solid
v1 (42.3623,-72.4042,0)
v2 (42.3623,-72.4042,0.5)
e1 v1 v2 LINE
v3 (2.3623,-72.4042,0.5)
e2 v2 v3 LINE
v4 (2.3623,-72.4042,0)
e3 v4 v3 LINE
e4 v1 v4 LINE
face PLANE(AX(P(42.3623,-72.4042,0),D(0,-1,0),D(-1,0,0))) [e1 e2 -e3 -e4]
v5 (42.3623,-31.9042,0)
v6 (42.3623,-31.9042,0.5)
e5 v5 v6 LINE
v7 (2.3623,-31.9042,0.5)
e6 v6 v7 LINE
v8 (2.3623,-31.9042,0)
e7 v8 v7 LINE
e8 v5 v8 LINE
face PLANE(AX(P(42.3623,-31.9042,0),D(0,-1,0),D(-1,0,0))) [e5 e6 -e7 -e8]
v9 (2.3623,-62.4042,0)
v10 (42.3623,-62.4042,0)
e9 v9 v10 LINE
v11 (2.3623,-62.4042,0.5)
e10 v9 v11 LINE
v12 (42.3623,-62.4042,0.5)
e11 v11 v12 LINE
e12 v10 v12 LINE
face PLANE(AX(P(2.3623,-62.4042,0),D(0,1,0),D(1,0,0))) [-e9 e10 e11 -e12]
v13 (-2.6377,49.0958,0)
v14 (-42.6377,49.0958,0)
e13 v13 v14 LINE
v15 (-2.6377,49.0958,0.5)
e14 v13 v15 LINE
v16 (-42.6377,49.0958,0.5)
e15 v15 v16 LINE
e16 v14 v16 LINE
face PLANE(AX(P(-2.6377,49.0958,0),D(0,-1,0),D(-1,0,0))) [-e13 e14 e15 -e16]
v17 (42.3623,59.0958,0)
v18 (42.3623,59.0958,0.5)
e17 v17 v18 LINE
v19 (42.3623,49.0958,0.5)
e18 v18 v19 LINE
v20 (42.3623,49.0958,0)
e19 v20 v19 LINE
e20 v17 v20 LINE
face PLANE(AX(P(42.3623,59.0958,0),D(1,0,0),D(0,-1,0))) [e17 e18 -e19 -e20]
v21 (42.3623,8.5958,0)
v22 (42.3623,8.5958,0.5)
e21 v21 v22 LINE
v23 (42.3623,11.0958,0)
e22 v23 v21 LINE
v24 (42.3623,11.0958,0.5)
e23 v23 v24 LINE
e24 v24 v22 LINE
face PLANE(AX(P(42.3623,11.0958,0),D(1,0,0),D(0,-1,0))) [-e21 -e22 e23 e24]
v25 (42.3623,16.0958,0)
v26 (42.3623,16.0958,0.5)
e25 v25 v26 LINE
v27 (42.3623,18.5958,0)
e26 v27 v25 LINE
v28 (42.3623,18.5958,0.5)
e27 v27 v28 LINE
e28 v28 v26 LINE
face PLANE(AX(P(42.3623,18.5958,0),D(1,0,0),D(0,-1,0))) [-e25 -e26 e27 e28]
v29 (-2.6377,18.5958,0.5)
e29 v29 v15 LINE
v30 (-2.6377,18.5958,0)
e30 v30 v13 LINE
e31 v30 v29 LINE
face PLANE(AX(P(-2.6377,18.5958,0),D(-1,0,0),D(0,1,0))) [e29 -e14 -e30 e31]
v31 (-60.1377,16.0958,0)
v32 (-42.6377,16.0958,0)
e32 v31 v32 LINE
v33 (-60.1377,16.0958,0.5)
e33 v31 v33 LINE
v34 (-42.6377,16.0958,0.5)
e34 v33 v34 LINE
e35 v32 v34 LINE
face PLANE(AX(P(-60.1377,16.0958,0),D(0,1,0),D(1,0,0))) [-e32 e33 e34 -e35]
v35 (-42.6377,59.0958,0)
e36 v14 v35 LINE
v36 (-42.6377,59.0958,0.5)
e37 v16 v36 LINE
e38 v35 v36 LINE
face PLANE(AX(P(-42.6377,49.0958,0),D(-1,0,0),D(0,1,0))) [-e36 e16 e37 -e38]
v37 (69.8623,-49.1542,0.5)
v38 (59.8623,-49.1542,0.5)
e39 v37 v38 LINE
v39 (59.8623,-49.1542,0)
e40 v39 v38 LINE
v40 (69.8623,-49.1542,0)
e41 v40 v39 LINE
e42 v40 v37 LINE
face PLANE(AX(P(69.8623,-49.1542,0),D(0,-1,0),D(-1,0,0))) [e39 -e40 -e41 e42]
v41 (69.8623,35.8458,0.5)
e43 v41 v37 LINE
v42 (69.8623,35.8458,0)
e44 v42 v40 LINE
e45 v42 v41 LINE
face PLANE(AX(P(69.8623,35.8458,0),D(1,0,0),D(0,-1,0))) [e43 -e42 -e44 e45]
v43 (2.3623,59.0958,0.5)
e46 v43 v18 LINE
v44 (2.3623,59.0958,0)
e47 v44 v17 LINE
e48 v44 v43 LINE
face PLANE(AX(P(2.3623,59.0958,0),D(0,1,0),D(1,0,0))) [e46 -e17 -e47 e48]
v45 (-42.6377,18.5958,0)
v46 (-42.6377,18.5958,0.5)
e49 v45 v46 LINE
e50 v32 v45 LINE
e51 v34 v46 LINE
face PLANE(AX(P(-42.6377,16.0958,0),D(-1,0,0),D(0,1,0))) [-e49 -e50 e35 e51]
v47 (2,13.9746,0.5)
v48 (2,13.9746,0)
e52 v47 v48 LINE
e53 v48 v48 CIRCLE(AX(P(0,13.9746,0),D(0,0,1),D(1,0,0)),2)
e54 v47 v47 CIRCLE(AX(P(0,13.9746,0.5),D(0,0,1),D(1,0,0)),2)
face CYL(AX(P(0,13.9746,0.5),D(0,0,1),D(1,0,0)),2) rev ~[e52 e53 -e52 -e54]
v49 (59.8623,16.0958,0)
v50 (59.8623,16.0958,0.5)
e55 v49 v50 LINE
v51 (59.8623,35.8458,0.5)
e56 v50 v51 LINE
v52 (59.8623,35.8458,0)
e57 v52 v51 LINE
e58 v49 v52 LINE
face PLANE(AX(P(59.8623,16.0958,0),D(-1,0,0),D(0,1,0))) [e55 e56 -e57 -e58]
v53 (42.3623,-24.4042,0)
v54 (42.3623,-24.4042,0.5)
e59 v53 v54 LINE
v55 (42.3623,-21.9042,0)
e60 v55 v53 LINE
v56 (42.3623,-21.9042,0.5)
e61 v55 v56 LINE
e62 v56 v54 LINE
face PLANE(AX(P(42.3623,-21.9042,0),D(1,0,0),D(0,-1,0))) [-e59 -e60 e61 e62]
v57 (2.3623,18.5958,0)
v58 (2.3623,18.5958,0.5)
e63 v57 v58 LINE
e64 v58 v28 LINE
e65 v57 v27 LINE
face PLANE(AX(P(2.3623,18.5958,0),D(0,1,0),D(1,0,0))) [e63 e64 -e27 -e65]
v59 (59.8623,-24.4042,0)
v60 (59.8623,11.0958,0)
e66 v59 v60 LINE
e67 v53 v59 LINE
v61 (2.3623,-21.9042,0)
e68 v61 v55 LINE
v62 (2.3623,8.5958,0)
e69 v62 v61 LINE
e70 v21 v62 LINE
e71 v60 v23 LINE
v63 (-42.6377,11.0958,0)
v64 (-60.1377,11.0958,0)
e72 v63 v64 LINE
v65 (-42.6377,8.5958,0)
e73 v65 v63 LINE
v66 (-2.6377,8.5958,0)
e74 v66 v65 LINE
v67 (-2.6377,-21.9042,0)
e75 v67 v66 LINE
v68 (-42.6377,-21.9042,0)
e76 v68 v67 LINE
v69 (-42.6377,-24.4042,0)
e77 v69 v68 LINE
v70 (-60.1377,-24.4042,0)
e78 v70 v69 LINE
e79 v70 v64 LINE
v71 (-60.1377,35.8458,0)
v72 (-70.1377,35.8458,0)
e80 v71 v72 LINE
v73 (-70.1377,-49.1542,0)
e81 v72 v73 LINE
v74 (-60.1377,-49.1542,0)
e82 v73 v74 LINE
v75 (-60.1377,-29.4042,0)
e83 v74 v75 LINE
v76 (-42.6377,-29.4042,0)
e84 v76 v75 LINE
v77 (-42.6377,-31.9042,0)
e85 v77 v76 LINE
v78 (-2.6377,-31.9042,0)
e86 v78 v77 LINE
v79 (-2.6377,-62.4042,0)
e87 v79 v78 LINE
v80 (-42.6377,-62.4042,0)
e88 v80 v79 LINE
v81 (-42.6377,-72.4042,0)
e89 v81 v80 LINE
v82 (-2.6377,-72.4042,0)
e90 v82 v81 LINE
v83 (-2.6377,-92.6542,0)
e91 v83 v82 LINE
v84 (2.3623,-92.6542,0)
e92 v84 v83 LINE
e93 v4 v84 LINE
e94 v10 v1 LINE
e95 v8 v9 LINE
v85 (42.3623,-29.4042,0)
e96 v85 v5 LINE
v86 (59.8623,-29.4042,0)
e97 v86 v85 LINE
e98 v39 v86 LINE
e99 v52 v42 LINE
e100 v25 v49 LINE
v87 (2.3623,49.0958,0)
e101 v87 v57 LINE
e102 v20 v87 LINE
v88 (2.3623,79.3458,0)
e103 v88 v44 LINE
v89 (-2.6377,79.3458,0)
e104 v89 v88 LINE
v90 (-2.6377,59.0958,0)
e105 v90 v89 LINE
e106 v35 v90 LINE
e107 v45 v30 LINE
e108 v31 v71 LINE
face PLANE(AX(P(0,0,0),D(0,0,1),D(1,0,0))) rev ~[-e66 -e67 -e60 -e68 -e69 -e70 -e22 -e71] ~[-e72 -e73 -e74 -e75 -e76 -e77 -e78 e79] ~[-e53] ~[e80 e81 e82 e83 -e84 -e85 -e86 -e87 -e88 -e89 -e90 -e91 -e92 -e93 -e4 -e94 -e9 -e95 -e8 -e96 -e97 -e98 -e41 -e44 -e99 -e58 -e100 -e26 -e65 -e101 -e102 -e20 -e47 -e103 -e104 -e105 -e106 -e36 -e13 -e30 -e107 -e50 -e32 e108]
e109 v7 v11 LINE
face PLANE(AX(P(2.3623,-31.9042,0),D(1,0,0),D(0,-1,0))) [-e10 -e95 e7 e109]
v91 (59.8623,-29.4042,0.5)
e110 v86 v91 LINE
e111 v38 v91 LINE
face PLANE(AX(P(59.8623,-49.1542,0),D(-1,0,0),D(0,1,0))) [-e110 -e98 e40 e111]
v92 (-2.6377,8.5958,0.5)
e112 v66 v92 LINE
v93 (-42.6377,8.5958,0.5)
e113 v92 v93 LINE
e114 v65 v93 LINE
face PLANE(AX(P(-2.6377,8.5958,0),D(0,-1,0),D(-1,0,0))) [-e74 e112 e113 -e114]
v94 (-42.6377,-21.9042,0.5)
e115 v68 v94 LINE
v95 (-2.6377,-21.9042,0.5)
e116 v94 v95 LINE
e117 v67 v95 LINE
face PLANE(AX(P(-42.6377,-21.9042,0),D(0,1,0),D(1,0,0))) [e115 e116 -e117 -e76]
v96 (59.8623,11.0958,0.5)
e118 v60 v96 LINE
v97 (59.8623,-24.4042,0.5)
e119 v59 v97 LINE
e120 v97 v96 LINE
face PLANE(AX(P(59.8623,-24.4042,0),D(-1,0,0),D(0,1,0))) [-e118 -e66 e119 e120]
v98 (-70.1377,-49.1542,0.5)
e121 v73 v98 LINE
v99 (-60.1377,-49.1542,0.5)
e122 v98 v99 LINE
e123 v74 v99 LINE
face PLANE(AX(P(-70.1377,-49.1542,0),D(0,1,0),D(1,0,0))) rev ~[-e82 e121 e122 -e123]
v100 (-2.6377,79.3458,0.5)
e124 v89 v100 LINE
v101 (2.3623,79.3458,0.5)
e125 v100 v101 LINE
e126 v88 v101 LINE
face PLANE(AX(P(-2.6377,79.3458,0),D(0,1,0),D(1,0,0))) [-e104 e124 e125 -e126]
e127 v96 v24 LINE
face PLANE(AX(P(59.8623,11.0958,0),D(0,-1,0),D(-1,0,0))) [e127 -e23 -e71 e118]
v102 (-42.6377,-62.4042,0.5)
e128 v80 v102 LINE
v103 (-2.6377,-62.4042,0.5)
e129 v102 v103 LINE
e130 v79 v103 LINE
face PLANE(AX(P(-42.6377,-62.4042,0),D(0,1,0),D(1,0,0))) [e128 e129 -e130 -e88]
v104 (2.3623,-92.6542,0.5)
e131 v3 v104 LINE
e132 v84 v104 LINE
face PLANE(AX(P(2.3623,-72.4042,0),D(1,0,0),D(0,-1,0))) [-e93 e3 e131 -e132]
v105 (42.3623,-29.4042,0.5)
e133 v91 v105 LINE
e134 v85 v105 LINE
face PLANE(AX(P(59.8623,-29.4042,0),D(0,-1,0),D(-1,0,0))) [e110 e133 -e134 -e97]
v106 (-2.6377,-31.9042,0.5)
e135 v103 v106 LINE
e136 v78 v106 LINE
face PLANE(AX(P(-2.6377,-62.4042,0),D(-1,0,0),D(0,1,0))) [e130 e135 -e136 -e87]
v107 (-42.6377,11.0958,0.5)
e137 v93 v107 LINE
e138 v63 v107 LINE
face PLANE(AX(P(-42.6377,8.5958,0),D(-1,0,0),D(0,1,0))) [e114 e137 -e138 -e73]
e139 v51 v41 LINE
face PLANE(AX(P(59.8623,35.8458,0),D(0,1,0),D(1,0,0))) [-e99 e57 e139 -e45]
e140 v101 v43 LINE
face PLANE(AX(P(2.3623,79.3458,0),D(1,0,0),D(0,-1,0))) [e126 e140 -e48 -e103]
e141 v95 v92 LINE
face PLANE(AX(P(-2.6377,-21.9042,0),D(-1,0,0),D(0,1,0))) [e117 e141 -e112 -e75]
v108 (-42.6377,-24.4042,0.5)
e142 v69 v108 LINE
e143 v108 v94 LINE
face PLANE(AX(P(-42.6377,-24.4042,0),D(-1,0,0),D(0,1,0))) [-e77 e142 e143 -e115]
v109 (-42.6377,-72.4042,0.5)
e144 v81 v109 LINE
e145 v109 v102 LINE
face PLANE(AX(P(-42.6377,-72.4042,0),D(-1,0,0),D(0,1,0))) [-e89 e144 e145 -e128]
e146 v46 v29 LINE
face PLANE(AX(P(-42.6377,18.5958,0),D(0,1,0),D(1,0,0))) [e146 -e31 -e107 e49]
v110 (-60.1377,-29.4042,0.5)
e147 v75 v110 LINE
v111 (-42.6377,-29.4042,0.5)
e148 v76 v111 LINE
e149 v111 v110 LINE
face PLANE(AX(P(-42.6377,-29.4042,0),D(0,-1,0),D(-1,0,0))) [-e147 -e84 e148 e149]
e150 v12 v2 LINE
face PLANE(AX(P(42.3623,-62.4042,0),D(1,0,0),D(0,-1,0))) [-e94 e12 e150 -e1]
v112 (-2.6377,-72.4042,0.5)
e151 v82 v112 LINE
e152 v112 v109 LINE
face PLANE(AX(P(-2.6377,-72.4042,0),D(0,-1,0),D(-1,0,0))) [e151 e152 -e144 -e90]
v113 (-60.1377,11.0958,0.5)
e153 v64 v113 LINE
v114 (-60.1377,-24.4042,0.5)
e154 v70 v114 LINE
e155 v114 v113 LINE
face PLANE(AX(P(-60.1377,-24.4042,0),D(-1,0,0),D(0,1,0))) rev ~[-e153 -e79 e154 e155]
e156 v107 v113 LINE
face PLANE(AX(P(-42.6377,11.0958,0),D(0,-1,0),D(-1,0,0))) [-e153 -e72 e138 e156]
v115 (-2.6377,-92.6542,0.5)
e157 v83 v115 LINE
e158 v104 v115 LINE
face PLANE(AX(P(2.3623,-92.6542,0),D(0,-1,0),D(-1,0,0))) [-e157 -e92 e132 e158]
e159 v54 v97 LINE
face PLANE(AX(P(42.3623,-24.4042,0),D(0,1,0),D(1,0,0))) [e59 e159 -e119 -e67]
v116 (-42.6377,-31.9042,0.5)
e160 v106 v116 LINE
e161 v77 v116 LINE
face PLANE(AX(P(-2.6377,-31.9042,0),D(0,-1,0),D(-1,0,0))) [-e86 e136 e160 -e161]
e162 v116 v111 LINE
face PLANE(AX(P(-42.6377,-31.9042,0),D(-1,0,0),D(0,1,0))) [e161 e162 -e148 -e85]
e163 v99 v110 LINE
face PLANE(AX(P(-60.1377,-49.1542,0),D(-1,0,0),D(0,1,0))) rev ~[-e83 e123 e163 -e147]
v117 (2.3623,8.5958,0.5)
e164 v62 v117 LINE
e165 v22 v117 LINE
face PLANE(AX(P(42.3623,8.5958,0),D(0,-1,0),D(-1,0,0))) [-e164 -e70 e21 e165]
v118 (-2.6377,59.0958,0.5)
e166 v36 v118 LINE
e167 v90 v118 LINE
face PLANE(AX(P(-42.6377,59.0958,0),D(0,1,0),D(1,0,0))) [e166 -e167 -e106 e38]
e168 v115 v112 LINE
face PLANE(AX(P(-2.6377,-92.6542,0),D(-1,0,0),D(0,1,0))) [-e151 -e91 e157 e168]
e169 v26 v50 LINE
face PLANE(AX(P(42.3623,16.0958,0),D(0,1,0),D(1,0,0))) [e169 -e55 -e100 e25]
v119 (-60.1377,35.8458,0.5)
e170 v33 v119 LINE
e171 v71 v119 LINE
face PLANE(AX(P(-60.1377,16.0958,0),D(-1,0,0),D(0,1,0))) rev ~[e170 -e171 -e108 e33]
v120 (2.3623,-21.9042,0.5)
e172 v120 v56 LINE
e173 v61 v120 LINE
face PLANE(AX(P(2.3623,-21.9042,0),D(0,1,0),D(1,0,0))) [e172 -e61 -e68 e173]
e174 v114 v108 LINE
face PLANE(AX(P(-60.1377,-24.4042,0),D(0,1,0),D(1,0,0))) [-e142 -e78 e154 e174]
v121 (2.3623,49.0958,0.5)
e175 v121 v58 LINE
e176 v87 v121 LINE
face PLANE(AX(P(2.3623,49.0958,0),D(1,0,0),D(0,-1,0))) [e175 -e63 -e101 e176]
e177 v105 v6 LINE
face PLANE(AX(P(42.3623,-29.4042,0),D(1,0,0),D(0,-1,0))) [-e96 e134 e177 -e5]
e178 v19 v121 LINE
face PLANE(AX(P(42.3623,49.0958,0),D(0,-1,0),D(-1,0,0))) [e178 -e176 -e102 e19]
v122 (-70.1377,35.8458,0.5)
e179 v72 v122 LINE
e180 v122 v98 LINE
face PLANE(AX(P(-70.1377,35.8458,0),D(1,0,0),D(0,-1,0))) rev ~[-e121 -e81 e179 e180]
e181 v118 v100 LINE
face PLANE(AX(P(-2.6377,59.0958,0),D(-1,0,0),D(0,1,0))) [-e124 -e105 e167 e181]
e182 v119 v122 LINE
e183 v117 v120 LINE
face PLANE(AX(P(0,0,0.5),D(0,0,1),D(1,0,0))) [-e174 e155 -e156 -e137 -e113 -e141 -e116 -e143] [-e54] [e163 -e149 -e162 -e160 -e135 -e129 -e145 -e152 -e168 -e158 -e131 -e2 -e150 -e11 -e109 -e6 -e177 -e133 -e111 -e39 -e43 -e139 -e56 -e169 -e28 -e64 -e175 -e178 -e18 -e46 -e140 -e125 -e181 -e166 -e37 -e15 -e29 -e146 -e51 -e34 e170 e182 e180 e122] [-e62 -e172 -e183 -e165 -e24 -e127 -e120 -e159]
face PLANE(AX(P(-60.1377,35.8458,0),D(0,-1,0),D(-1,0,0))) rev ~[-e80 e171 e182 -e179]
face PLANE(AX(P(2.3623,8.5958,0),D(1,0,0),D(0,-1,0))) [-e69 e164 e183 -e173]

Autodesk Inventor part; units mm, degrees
ref_plane "YZ Plane" through (0, 0, 0) normal (1, 0, 0) x (0, 1, 0)
ref_plane "XZ Plane" through (0, 0, 0) normal (0, 1, 0) x (-1, 0, 0)
ref_plane "XY Plane" through (0, 0, 0) normal (0, 0, 1) x (1, 0, 0)
sketch "Sketch1" plane through (0, 0, 0) normal (0, 0, 1) x (1, 0, 0)
  line L0 (-49.5094, -92.6542) -> (-99.0569, -7.2416)
  line L1 (-99.0569, -7.2416) -> (-49.5094, 79.3458)
  line L2 (-49.5094, 79.3458) -> (49.234, 79.3458)
  line L3 (49.234, 79.3458) -> (97.7547, -6.6542)
  line L4 (97.7547, -6.6542) -> (49.234, -92.6542)
  line L5 (49.234, -92.6542) -> (-49.5094, -92.6542)
  line L6 (-0.1377, 79.3458) -> (-0.1377, -92.6542) construction
  line L7 (-42.6377, 59.0958) -> (42.3623, 59.0958)
  line L8 (42.3623, 59.0958) -> (42.3623, 49.0958)
  line L9 (42.3623, 49.0958) -> (-42.6377, 49.0958)
  line L10 (-42.6377, 49.0958) -> (-42.6377, 59.0958)
  line L11 (-42.6377, 59.0958) -> (42.3623, 49.0958) construction
  line L12 (42.3623, 59.0958) -> (-42.6377, 49.0958) construction
  line L13 (-42.6377, 18.5958) -> (42.3623, 18.5958)
  line L14 (42.3623, 18.5958) -> (42.3623, 8.5958)
  line L15 (42.3623, 8.5958) -> (-42.6377, 8.5958)
  line L16 (-42.6377, 8.5958) -> (-42.6377, 18.5958)
  line L17 (-42.6377, 18.5958) -> (42.3623, 8.5958) construction
  line L18 (42.3623, 18.5958) -> (-42.6377, 8.5958) construction
  line L19 (-42.6377, -21.9042) -> (42.3623, -21.9042)
  line L20 (42.3623, -21.9042) -> (42.3623, -31.9042)
  line L21 (42.3623, -31.9042) -> (-42.6377, -31.9042)
  line L22 (-42.6377, -31.9042) -> (-42.6377, -21.9042)
  line L23 (-42.6377, -21.9042) -> (42.3623, -31.9042) construction
  line L24 (42.3623, -21.9042) -> (-42.6377, -31.9042) construction
  line L25 (-42.6377, -62.4042) -> (42.3623, -62.4042)
  line L26 (42.3623, -62.4042) -> (42.3623, -72.4042)
  line L27 (42.3623, -72.4042) -> (-42.6377, -72.4042)
  line L28 (-42.6377, -72.4042) -> (-42.6377, -62.4042)
  line L29 (-42.6377, -62.4042) -> (42.3623, -72.4042) construction
  line L30 (42.3623, -62.4042) -> (-42.6377, -72.4042) construction
  line L31 (-0.1377, 54.0958) -> (-0.1377, -67.4042) construction
  line L32 (59.8623, 35.8458) -> (69.8623, 35.8458)
  line L33 (69.8623, 35.8458) -> (69.8623, -49.1542)
  line L34 (69.8623, -49.1542) -> (59.8623, -49.1542)
  line L35 (59.8623, -49.1542) -> (59.8623, 35.8458)
  line L36 (59.8623, 35.8458) -> (69.8623, -49.1542) construction
  line L37 (69.8623, 35.8458) -> (59.8623, -49.1542) construction
  line L38 (-60.1377, 35.8458) -> (-70.1377, 35.8458)
  line L39 (-70.1377, 35.8458) -> (-70.1377, -49.1542)
  line L40 (-70.1377, -49.1542) -> (-60.1377, -49.1542)
  line L41 (-60.1377, -49.1542) -> (-60.1377, 35.8458)
  line L42 (-60.1377, 35.8458) -> (-70.1377, -49.1542) construction
  line L43 (-70.1377, 35.8458) -> (-60.1377, -49.1542) construction
  line L44 (-2.6377, 79.3458) -> (2.3623, 79.3458)
  line L45 (2.3623, 79.3458) -> (2.3623, -92.6542)
  line L46 (2.3623, -92.6542) -> (-2.6377, -92.6542)
  line L47 (-2.6377, -92.6542) -> (-2.6377, 79.3458)
  line L48 (-60.1377, 16.0958) -> (59.8623, 16.0958)
  line L49 (59.8623, 16.0958) -> (59.8623, 11.0958)
  line L50 (59.8623, 11.0958) -> (-60.1377, 11.0958)
  line L51 (-60.1377, 11.0958) -> (-60.1377, 16.0958)
  line L52 (-60.1377, -24.4042) -> (59.8623, -24.4042)
  line L53 (59.8623, -24.4042) -> (59.8623, -29.4042)
  line L54 (59.8623, -29.4042) -> (-60.1377, -29.4042)
  line L55 (-60.1377, -29.4042) -> (-60.1377, -24.4042)
  point P0 (-0.1377, 13.5958)
  point P1 (-0.1377, -26.9042)
  point P2 (-0.1377, -6.6542)
  point P3 (64.8623, -6.6542)
  point P4 (64.8623, -6.6542)
  point P5 (-65.1377, -6.6542)
  point P6 (-65.1377, -6.6542)
  point P7 (-0.1377, 79.3458)
  point P8 (-0.1377, 49.0958)
  point P9 (59.8623, 13.5958)
  point P10 (-42.6377, 13.5958)
  point P11 (59.8623, -26.9042)
  point P12 (-0.1377, -26.9042)
  dimension "d0" = 172
  dimension "d12" = 85
  dimension "d13" = 10
  dimension "d16" = 40.5
  dimension "d21" = 20.25
  dimension "d22" = 20.25
  dimension "d23" = 30.5
  dimension "d24" = 10
  dimension "d25" = 85
  dimension "d26" = 120.103
  dimension "d27" = 65
  dimension "d28" = 5
  dimension "d29" = 5
  dimension "d30" = 5
extrude "Extrusion1" add sketch "Sketch1" along normal blind 0.5 contours L47 L27 L45 L5 | L47 L25 L45 L27 | L27 L28 L25 L47 | L2 L45 L7 L47 | L45 L25 L26 L27 | L47 L21 L45 L25 | L47 L9 L10 L7 | L7 L45 L9 L47 | L47 L54 L45 L21 | L21 L22 L54 L47 | L7 L8 L9 L45 | L9 L45 L13 L47 | L45 L54 L20 L21 | L54 L22 L52 L47 | L47 L52 L45 L54 | L47 L48 L16 L13 | L13 L45 L48 L47 | L45 L52 L20 L54 | L54 L41 L52 L22 | L52 L22 L19 L47 | L47 L19 L45 L52 | L13 L14 L48 L45 | L48 L45 L50 L47 | L47 L50 L16 L48 | L20 L52 L35 L54 | L45 L19 L20 L52 | L41 L40 L39 L38 | L47 L15 L45 L19 | L48 L14 L50 L45 | L16 L50 L41 L48 | L50 L45 L15 L47 | L47 L15 L16 L50 | L35 L32 L33 L34 | L48 L35 L50 L14 | L50 L14 L15 L45
sketch "Sketch2" plane through (0, 0, 0.5) normal (0, 0, 1) x (1, 0, 0)
  circle A0 centre (0, 13.9746) radius 2
  point P0 (0, 0)
  dimension "d33" = 4
extrude "Extrusion2" cut sketch "Sketch2" against normal blind 10
properties part number "LED Grid v1"
